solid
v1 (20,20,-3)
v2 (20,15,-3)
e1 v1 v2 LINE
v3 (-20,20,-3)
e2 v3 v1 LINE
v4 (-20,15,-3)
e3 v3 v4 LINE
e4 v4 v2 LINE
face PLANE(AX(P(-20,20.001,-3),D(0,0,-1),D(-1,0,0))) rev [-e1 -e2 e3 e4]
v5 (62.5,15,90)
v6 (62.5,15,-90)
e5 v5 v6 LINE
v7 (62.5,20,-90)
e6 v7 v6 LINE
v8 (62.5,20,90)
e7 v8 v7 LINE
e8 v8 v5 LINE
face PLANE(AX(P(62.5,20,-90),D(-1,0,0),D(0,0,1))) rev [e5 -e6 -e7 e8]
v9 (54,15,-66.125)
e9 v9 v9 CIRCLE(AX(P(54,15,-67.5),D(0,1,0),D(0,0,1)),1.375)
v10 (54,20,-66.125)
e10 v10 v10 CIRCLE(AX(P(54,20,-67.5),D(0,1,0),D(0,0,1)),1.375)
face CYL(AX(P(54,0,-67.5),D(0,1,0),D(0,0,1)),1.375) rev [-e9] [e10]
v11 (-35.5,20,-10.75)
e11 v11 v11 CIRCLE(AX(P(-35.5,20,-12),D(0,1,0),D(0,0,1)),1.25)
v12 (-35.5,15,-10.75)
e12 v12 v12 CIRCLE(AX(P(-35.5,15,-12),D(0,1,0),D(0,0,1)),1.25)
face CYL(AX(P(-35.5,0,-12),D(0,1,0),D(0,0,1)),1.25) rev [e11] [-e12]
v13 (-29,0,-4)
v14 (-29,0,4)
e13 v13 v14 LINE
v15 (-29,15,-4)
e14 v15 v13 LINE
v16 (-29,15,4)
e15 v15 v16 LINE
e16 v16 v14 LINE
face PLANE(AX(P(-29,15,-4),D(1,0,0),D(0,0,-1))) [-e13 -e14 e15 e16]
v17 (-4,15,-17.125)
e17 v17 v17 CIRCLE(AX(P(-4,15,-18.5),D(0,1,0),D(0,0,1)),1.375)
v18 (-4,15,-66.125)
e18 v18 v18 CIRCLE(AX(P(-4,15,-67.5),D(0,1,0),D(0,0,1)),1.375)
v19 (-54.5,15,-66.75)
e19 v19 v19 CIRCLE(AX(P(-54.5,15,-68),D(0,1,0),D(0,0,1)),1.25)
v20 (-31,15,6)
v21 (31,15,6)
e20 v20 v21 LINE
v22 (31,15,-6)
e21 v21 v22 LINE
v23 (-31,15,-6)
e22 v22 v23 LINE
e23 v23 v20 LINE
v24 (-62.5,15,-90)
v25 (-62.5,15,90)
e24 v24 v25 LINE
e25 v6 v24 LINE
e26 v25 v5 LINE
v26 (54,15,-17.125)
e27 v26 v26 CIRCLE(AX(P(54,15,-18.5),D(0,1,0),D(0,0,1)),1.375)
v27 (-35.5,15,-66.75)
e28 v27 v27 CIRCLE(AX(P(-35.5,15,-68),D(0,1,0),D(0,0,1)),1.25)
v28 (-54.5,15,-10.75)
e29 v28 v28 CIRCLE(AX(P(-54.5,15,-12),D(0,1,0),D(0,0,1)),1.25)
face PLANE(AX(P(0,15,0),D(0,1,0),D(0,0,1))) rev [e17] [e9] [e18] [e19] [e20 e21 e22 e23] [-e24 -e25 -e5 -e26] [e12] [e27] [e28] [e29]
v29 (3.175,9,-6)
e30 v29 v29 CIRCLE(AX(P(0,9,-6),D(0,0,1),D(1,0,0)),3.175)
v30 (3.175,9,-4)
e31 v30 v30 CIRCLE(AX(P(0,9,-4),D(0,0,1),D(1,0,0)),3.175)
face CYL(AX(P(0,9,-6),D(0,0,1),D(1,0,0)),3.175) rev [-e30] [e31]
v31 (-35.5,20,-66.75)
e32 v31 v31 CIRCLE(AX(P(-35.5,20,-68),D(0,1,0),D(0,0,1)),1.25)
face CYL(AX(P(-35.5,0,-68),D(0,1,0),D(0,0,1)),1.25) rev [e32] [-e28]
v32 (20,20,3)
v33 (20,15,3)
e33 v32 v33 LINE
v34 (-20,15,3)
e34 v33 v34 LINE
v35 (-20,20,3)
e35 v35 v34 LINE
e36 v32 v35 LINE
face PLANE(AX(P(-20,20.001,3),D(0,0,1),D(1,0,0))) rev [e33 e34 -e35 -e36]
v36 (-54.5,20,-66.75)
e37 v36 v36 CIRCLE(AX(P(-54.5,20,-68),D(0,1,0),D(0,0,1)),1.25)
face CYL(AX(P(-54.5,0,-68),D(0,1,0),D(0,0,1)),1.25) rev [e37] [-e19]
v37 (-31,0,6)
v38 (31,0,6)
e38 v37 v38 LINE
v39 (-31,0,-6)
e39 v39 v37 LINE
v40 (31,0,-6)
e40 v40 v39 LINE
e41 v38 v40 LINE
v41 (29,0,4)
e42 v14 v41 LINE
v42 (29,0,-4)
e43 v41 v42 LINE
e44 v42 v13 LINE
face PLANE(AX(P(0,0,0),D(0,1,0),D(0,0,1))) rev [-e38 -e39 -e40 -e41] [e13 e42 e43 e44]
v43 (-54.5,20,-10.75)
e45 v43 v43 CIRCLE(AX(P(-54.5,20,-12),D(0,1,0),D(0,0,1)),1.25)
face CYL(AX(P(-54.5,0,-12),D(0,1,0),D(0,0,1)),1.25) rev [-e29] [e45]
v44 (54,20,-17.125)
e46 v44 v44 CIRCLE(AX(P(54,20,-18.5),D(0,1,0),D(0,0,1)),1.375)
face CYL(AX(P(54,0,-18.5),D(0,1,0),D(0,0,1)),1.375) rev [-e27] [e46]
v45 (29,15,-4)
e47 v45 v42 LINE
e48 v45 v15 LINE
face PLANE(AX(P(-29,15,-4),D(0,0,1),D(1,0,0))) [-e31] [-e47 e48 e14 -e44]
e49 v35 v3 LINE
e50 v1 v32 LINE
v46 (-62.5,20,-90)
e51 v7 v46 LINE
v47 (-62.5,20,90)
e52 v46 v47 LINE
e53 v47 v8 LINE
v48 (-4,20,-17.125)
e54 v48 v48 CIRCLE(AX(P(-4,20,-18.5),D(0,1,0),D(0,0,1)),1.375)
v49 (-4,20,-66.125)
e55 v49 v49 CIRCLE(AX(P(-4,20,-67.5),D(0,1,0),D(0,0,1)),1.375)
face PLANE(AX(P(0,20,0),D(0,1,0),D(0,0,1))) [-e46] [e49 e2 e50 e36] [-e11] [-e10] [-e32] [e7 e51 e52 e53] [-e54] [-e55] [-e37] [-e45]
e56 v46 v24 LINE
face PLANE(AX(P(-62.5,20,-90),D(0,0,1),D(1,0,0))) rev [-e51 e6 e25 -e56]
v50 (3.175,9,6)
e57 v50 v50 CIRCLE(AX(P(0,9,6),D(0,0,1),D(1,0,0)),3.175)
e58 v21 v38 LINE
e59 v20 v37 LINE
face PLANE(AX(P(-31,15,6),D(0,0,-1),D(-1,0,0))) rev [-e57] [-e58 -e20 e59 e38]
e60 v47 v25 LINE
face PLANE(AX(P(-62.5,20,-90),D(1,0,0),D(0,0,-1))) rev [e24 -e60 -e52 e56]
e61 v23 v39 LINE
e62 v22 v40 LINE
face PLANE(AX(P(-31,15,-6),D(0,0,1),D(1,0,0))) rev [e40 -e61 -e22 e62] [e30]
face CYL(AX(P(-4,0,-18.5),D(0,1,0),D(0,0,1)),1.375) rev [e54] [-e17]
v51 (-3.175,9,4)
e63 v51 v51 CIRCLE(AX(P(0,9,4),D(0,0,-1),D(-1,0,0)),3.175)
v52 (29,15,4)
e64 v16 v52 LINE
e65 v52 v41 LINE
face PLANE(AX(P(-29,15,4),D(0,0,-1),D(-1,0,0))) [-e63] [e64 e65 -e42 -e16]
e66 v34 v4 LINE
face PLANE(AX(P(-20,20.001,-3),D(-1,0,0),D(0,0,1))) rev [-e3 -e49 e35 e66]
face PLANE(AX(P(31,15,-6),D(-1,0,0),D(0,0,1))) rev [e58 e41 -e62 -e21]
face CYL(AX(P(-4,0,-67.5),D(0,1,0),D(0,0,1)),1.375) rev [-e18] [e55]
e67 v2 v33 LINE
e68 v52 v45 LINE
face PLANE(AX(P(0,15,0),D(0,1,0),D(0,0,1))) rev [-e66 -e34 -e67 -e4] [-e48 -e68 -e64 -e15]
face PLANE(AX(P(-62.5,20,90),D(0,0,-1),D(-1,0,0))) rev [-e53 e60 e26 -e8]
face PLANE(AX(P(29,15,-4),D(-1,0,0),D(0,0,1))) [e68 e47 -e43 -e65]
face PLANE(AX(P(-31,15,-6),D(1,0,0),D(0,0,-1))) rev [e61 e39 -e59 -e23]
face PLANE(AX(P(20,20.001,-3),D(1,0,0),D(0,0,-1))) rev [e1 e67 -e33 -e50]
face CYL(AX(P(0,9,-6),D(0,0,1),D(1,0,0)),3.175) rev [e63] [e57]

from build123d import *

# Parameters (mm, degrees)
ESQUISSE1_W                  = 62
ESQUISSE1_H                  = 12
ESQUISSE1_W_2                = 58
ESQUISSE1_H_2                = 8
BOSS_EXTRU_1_DEPTH           = 15
ESQUISSE2_R                  = 3.175
ENL_V_MAT_EXTRU_1_DEPTH      = 37.469165058
ESQUISSE3_W                  = 125
ESQUISSE3_H                  = 180
BOSS_EXTRU_2_DEPTH           = 5
ENL_V_MAT_EXTRU_3_REACH      = 112.595
ESQUISSE6_W                  = 40
ESQUISSE6_H                  = 6
ENL_V_MAT_EXTRU_4_DEPTH      = 112.38334705
ENL_V_MAT_EXTRU_4_DEPTH_BACK = 112.38334705
ESQUISSE8_R                  = 1.375
ENL_V_MAT_EXTRU_5_DEPTH      = 112.38334705
ENL_V_MAT_EXTRU_5_DEPTH_BACK = 112.38334705
ESQUISSE9_R                  = 1.25


with BuildPart() as part:
    # Esquisse1 → Boss.-Extru.1 (new body)
    with BuildSketch(Plane(origin=(0, 0, 0), x_dir=(1, 0, 0), z_dir=(0, 1, 0))):
        Rectangle(ESQUISSE1_W, ESQUISSE1_H)
        Rectangle(ESQUISSE1_W_2, ESQUISSE1_H_2, mode=Mode.SUBTRACT)
    extrude(amount=BOSS_EXTRU_1_DEPTH)

    # Esquisse2 → Enlèv. mat.-Extru.1 (cut, through all)
    with BuildSketch(Plane.XY.offset(6)):
        with Locations((0, 9)):
            Circle(ESQUISSE2_R)
    extrude(amount=-ENL_V_MAT_EXTRU_1_DEPTH, mode=Mode.SUBTRACT)

    # Esquisse3 → Boss.-Extru.2 (add)
    with BuildSketch(Plane(origin=(0, 15, 0), x_dir=(1, 0, 0), z_dir=(0, 1, 0))):
        Rectangle(ESQUISSE3_W, ESQUISSE3_H)
    extrude(amount=BOSS_EXTRU_2_DEPTH)

    # Esquisse6 → Enlèv. mat.-Extru.3 (cut, up to next)
    with BuildSketch(Plane(origin=(0, 15, 0), x_dir=(-1, 0, 0), z_dir=(0, -1, 0)), mode=Mode.PRIVATE) as enl_v_mat_extru_3_sk1:
        Rectangle(ESQUISSE6_W, ESQUISSE6_H)
    enl_v_mat_extru_3_tool1 = extrude(enl_v_mat_extru_3_sk1.sketch, amount=-ENL_V_MAT_EXTRU_3_REACH, mode=Mode.PRIVATE) & part.part
    add(enl_v_mat_extru_3_tool1.solids().sort_by_distance((0, 15, 0))[0], mode=Mode.SUBTRACT)

    # Esquisse8 → Enlèv. mat.-Extru.4 (cut, two sides: drawn at the far end of the back side and taken through both)
    with BuildSketch(Plane(origin=(0, 20, 0), x_dir=(1, 0, 0), z_dir=(0, 1, 0)).offset(-ENL_V_MAT_EXTRU_4_DEPTH_BACK)):
        with Locations(Location((54, 67.5, 0), (0, 0, 270))):
            Circle(ESQUISSE8_R)
        with Locations(Location((54, 18.5, 0), (0, 0, 270))):
            Circle(ESQUISSE8_R)
        with Locations(Location((-4, 67.5, 0), (0, 0, 270))):
            Circle(ESQUISSE8_R)
        with Locations(Location((-4, 18.5, 0), (0, 0, 270))):
            Circle(ESQUISSE8_R)
    extrude(amount=ENL_V_MAT_EXTRU_4_DEPTH + ENL_V_MAT_EXTRU_4_DEPTH_BACK, mode=Mode.SUBTRACT)

    # Esquisse9 → Enlèv. mat.-Extru.5 (cut, two sides: drawn at the far end of the back side and taken through both)
    with BuildSketch(Plane(origin=(0, 20, 0), x_dir=(1, 0, 0), z_dir=(0, 1, 0)).offset(-ENL_V_MAT_EXTRU_5_DEPTH_BACK)):
        with Locations(Location((-35.5, 68, 0), (0, 0, 270))):
            Circle(ESQUISSE9_R)
        with Locations(Location((-54.5, 68, 0), (0, 0, 270))):
            Circle(ESQUISSE9_R)
        with Locations(Location((-35.5, 12, 0), (0, 0, 270))):
            Circle(ESQUISSE9_R)
        with Locations(Location((-54.5, 12, 0), (0, 0, 270))):
            Circle(ESQUISSE9_R)
    extrude(amount=ENL_V_MAT_EXTRU_5_DEPTH + ENL_V_MAT_EXTRU_5_DEPTH_BACK, mode=Mode.SUBTRACT)


solid = part.part
